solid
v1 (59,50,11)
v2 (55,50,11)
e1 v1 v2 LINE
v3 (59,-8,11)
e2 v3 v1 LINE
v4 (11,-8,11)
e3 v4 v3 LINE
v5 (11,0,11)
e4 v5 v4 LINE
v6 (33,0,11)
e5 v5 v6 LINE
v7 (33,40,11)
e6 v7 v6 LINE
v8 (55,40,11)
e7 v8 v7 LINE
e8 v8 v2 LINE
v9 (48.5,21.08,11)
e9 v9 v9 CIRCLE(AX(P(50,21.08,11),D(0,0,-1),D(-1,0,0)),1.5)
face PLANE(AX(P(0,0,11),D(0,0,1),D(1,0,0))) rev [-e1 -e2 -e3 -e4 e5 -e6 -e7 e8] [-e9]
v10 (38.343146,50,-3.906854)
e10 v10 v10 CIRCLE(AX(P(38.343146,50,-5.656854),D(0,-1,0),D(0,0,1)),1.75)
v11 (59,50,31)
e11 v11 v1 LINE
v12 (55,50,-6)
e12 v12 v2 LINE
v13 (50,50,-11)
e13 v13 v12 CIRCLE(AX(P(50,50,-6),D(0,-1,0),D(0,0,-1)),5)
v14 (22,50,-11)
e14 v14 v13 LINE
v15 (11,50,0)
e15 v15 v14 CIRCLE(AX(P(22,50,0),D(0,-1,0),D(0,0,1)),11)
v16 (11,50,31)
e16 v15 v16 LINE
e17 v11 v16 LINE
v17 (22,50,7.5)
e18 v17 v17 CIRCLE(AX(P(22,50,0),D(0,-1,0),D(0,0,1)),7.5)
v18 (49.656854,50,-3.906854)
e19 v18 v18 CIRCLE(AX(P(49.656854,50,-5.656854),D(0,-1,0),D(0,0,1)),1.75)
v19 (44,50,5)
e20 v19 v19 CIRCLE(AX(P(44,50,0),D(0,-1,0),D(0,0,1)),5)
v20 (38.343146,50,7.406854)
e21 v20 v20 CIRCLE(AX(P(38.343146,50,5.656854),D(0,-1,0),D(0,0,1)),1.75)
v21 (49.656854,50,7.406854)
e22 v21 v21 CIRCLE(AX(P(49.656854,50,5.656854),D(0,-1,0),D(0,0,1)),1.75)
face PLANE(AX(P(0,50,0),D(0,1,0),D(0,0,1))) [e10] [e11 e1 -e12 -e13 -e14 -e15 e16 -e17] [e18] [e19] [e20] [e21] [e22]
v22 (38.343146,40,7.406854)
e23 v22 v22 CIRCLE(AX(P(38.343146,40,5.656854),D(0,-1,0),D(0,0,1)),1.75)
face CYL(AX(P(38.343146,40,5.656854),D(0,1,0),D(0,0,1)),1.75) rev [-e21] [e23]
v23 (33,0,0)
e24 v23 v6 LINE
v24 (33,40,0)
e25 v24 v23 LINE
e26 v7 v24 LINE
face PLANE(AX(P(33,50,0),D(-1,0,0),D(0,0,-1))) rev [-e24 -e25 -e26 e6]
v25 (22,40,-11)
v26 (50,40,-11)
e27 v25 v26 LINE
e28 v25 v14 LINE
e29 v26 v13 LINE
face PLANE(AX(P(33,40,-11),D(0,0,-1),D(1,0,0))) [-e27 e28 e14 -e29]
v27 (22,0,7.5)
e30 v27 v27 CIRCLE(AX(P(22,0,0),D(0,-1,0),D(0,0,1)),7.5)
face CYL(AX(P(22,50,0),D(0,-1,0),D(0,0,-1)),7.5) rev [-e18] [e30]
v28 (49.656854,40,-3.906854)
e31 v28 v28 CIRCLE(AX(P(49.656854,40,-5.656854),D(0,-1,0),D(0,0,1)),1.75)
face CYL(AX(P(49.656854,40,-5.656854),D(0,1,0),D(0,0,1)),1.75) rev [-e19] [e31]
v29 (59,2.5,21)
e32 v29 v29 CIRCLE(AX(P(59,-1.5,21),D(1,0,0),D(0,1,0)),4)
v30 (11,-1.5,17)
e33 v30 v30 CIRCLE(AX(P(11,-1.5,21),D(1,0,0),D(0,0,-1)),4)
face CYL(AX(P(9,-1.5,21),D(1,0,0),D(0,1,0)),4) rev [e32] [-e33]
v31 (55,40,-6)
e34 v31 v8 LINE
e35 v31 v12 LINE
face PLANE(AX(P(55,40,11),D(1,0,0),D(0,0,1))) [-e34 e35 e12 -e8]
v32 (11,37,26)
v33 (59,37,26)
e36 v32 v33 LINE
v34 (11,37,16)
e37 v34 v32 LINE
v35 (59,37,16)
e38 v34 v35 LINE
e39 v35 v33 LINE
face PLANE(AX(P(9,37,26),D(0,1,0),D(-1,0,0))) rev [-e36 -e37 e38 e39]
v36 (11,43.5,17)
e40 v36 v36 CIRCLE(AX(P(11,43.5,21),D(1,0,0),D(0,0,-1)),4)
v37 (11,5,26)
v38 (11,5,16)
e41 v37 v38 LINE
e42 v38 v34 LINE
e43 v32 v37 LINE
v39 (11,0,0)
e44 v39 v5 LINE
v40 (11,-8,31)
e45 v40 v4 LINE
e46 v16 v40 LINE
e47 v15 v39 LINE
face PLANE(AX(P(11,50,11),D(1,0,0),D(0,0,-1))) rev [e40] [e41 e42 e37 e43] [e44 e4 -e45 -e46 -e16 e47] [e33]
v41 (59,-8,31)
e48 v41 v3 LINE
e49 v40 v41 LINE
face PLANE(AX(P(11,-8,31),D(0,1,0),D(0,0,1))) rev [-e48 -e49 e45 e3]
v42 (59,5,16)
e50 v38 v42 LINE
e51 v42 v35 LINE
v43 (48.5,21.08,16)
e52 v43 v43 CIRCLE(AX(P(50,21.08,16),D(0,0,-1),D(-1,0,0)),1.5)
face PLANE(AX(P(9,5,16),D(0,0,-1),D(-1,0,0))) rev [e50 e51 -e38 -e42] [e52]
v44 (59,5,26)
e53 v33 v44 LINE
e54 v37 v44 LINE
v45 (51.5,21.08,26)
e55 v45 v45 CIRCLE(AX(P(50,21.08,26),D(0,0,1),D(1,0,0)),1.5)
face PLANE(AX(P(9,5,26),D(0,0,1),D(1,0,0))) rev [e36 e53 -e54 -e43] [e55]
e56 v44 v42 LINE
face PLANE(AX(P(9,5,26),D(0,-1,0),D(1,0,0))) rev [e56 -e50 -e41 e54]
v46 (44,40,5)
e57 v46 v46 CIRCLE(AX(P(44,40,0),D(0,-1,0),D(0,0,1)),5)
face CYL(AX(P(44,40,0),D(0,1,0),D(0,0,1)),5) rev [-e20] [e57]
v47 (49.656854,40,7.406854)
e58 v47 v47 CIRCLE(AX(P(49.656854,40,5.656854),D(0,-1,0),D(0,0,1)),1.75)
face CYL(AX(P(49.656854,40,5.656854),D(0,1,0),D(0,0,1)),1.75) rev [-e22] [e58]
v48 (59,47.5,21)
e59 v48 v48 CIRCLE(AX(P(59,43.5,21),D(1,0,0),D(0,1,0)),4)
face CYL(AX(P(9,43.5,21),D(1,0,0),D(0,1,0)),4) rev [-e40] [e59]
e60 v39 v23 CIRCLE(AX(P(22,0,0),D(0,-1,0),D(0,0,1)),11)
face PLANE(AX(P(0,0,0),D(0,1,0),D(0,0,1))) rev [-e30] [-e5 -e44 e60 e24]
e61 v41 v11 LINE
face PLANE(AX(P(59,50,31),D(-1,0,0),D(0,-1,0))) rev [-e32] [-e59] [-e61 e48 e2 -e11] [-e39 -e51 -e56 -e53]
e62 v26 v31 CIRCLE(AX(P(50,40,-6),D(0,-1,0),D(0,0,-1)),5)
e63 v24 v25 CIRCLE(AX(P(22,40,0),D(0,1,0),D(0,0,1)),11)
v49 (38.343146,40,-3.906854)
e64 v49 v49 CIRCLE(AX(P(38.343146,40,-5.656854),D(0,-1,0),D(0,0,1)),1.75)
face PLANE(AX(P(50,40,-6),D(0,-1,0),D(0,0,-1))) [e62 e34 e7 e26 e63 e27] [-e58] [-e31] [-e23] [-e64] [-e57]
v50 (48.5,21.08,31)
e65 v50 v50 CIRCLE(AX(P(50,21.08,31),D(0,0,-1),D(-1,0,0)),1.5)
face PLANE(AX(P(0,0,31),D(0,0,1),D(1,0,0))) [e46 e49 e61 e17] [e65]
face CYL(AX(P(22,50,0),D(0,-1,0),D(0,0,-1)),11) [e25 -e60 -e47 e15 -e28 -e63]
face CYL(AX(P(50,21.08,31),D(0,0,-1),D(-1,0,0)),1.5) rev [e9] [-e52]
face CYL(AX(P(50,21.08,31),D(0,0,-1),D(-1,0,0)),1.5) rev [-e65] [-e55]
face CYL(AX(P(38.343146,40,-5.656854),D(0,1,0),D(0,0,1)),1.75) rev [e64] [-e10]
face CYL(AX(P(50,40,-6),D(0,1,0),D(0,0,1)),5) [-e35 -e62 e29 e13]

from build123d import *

# Parameters (mm, degrees)
SKETCH_1_R          = 7.5
EXTRUDE_1_DEPTH     = 50
EXTRUDE_START       = -10
EXTRUDE_2_DEPTH     = 10
SKETCH_3_R          = 5
SKETCH_3_R_2        = 1.75
CUT_EXTRUDE_1_DEPTH = 10
SKETCH_4_W          = 44
SKETCH_4_H          = 22
CUT_EXTRUDE_2_DEPTH = 50
SKETCH_5_W          = 48
SKETCH_5_H          = 58
EXTRUDE_3_DEPTH     = 20
SKETCH_6_R          = 4
CUT_EXTRUDE_3_DEPTH = 50
SKETCH_7_W          = 10
SKETCH_7_H          = 32
CUT_EXTRUDE_4_DEPTH = 50
SKETCH_8_R          = 1.5
CUT_EXTRUDE_5_DEPTH = 20


with BuildPart() as part:
    # 草图1 → 凸台-拉伸1 (new body)
    with BuildSketch(Plane(origin=(0, 0, 0), x_dir=(1, 0, 0), z_dir=(0, 1, 0))):
        with BuildLine():
            Line((-11, 0), (-11, -11))
            Line((-11, -11), (11, -11))
            Line((11, -11), (11, 0))
            ThreePointArc((11, 0), (0, 11), (-11, 0))
        make_face()
        with Locations(Location((0, 0, 0), (0, 0, 270))):
            Circle(SKETCH_1_R, mode=Mode.SUBTRACT)
    extrude(amount=EXTRUDE_1_DEPTH)

    # 草图2 → 凸台-拉伸2 (add)
    with BuildSketch(Plane(origin=(0, 50, 0), x_dir=(1, 0, 0), z_dir=(0, 1, 0)).offset(EXTRUDE_START)):
        with BuildLine():
            Line((-11, 11), (0, 11))
            ThreePointArc((0, 11), (-7.778174593, 7.778174593), (-11, 0))
            Line((-11, 0), (-11, -11))
            Line((-11, -11), (-33, -11))
            Line((-33, -11), (-33, 6))
            ThreePointArc((-33, 6), (-31.535533906, 9.535533906), (-28, 11))
            Line((-28, 11), (-11, 11))
        make_face()
    extrude(amount=EXTRUDE_2_DEPTH)

    # 草图3 → 切除-拉伸1 (cut)
    with BuildSketch(Plane(origin=(0, 50, 0), x_dir=(1, 0, 0), z_dir=(0, 1, 0))):
        with Locations(Location((-22, 0, 0), (0, 0, 270))):
            Circle(SKETCH_3_R)
        with Locations(Location((-27.656854249, 5.656854249, 0), (0, 0, 270))):
            Circle(SKETCH_3_R_2)
        with Locations(Location((-16.343145751, 5.656854249, 0), (0, 0, 270))):
            Circle(SKETCH_3_R_2)
        with Locations(Location((-16.343145751, -5.656854249, 0), (0, 0, 270))):
            Circle(SKETCH_3_R_2)
        with Locations(Location((-27.656854249, -5.656854249, 0), (0, 0, 270))):
            Circle(SKETCH_3_R_2)
    extrude(amount=-CUT_EXTRUDE_1_DEPTH, mode=Mode.SUBTRACT)

    # 镜向1: part across plane


with BuildPart() as part_1:
    add(part.part)
    add(part.part.mirror(Plane(origin=(11, 50, 11), x_dir=(0, 0, 1), z_dir=(-1, 0, 0))))

    # 草图4 → 切除-拉伸2 (cut)
    with BuildSketch(Plane.XZ):
        with Locations((-11, 0)):
            Rectangle(SKETCH_4_W, SKETCH_4_H)
    extrude(amount=-CUT_EXTRUDE_2_DEPTH, mode=Mode.SUBTRACT)

    # 草图5 → 凸台-拉伸3 (add)
    with BuildSketch(Plane.XY.offset(11)):
        with Locations((35, 21)):
            Rectangle(SKETCH_5_W, SKETCH_5_H)
    extrude(amount=EXTRUDE_3_DEPTH)

    # 草图6 → 切除-拉伸3 (cut)
    with BuildSketch(Plane(origin=(59, 0, 0), x_dir=(0, 0, -1), z_dir=(1, 0, 0))):
        with Locations(Location((-21, 43.5, 0), (0, 0, 90))):
            Circle(SKETCH_6_R)
        with Locations(Location((-21, -1.5, 0), (0, 0, 90))):
            Circle(SKETCH_6_R)
    extrude(amount=-CUT_EXTRUDE_3_DEPTH, mode=Mode.SUBTRACT)

    # 草图7 → 切除-拉伸4 (cut)
    with BuildSketch(Plane(origin=(59, 0, 0), x_dir=(0, 0, -1), z_dir=(1, 0, 0))):
        with Locations((-21, 21)):
            Rectangle(SKETCH_7_W, SKETCH_7_H)
    extrude(amount=-CUT_EXTRUDE_4_DEPTH, mode=Mode.SUBTRACT)

    # 草图8 → 切除-拉伸5 (cut)
    with BuildSketch(Plane(origin=(0, 0, 11), x_dir=(-1, 0, 0), z_dir=(0, 0, -1))):
        with Locations((-50, 21.08)):
            Circle(SKETCH_8_R)
    extrude(amount=-CUT_EXTRUDE_5_DEPTH, mode=Mode.SUBTRACT)


solid = part_1.part
